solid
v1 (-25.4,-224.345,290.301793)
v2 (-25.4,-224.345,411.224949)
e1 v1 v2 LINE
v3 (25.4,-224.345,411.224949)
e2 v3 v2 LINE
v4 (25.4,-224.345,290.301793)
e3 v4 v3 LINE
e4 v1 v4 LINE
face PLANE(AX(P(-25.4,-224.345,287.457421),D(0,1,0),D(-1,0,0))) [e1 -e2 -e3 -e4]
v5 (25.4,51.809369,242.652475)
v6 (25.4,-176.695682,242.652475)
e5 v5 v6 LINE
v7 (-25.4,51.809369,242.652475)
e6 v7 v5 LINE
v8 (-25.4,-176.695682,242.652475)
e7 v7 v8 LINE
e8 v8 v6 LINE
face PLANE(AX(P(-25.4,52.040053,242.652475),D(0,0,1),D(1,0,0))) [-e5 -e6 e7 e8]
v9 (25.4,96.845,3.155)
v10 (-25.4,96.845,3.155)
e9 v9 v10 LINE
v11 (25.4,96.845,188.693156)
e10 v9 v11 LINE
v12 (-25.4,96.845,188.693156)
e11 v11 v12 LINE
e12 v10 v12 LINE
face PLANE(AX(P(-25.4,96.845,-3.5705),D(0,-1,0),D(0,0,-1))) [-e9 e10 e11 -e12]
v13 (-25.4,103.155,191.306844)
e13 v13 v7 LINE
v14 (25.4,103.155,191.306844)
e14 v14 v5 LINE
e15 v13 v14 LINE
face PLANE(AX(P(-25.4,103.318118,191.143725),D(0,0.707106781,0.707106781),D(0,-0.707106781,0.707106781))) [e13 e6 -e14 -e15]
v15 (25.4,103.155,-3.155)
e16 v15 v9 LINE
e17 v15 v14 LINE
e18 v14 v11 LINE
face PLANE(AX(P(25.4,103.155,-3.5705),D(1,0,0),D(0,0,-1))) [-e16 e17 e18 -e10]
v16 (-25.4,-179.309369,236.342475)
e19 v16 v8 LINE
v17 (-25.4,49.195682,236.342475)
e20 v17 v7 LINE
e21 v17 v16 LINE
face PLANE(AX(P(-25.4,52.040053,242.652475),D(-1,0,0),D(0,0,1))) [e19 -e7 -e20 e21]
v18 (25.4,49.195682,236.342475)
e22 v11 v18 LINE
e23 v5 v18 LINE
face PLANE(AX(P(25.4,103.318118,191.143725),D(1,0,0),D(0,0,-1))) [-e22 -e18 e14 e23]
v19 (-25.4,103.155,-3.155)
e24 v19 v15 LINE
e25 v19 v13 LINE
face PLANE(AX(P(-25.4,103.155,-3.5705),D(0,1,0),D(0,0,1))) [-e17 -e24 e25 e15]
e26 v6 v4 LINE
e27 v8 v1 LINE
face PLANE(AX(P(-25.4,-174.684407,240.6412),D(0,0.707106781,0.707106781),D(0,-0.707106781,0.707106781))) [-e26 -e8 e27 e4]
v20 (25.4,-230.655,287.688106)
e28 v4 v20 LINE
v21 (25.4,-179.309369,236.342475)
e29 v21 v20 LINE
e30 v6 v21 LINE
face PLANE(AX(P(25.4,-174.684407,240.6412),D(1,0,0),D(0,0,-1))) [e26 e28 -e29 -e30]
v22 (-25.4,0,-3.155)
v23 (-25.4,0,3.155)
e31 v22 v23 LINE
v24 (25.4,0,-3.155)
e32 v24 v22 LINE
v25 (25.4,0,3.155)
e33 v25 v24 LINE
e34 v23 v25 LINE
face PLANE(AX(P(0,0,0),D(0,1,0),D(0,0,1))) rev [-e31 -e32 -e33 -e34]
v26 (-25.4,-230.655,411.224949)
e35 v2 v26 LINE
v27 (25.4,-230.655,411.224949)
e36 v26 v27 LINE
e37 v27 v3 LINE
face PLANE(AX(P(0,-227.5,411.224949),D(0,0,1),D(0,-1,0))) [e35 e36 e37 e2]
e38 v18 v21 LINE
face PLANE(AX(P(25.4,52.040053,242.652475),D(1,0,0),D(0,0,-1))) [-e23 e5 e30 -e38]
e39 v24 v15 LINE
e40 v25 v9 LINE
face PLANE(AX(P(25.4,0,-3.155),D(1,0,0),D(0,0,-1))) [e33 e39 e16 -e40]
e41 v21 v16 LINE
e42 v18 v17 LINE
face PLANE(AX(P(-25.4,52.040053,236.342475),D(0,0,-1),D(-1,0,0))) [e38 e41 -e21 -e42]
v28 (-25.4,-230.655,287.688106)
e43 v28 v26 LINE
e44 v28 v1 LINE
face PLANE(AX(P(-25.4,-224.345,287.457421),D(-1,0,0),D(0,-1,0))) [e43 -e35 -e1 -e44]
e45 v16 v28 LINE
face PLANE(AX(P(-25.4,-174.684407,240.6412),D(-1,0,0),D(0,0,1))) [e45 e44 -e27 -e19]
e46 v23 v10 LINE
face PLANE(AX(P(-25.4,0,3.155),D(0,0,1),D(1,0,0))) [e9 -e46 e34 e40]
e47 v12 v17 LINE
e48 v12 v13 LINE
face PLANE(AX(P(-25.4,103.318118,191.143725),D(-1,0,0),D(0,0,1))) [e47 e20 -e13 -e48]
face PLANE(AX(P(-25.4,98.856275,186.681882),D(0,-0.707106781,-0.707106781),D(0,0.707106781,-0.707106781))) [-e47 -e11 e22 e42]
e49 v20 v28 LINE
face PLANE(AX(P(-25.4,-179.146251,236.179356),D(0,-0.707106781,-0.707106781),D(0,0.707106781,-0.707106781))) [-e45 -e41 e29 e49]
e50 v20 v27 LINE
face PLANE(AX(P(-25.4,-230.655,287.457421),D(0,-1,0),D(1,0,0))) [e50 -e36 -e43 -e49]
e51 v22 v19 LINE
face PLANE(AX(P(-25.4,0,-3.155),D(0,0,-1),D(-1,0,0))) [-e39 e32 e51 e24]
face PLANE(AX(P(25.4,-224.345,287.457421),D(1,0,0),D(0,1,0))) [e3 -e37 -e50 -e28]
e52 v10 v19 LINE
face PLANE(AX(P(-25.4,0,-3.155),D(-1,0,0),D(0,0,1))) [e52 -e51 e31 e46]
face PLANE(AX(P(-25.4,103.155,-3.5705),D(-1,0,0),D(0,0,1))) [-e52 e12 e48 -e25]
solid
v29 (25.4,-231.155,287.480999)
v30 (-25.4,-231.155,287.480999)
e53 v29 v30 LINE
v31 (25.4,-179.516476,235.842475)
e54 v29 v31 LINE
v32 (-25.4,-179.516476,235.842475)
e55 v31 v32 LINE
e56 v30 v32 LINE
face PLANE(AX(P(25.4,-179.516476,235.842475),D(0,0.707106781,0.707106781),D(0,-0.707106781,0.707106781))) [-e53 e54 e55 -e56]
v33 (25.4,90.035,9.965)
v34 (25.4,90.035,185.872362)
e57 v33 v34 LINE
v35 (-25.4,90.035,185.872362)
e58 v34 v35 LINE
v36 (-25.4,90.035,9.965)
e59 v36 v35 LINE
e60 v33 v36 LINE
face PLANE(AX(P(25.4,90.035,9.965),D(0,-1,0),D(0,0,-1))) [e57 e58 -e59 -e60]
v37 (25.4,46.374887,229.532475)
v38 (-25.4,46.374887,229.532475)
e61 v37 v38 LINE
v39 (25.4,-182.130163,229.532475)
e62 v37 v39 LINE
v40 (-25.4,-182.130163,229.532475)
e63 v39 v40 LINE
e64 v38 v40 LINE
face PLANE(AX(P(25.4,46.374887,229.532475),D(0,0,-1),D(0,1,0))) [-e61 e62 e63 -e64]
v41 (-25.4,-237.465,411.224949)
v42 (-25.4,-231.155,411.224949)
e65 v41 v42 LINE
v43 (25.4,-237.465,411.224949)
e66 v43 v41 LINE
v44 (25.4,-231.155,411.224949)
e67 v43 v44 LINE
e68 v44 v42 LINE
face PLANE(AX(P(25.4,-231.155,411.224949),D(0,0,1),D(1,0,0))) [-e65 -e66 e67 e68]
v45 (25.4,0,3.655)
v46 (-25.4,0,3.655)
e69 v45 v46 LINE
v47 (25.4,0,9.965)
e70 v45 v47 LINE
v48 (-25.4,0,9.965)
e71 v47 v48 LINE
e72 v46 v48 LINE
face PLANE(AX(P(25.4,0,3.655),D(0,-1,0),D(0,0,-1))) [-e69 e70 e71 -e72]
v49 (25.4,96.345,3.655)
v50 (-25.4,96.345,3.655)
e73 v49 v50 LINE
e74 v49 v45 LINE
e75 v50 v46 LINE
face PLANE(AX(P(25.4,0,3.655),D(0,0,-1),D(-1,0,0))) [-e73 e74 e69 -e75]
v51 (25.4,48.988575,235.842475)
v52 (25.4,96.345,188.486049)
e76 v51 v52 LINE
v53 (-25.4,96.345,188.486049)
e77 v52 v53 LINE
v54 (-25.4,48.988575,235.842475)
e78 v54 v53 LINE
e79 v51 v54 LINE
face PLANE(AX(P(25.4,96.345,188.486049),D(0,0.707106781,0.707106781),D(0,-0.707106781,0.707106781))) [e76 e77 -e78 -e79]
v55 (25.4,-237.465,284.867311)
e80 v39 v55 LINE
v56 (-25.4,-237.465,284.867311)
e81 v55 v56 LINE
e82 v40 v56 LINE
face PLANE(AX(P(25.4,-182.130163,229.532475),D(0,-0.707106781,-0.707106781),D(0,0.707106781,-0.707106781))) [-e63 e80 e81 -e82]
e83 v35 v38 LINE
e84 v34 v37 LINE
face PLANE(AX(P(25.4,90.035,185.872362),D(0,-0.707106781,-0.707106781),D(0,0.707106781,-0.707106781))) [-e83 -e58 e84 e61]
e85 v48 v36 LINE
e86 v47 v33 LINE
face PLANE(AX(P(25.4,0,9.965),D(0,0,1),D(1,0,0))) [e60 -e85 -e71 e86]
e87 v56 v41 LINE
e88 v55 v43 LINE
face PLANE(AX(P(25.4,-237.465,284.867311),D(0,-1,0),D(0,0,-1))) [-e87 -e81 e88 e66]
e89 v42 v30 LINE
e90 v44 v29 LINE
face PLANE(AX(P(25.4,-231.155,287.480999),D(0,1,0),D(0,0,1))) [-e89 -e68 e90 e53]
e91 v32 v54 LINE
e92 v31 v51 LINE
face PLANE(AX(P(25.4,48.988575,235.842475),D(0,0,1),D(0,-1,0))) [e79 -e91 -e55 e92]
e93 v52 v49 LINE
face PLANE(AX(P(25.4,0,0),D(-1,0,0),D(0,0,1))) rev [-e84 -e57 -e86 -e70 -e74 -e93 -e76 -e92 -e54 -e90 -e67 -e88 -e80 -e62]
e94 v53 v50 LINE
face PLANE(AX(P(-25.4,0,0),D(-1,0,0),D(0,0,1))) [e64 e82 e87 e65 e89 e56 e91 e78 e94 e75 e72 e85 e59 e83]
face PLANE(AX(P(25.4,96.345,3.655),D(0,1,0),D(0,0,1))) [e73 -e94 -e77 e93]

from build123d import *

# Parameters (mm, degrees)
CROQUIS1_W              = 50.8
CROQUIS1_H              = 6.31
SALIENTE_EXTRUIR1_DEPTH = 50.8


with BuildPart() as part:
    # Barrer1: sweep along a curve in space
    with BuildLine() as barrer1_path:
        Line((0, 0, 0), (0, 100, 0))
        Line((0, 100, 0), (0, 100, 190))
        Line((0, 100, 190), (0, 50.502525317, 239.497474683))
        Line((0, 50.502525317, 239.497474683), (0, -178.002525317, 239.497474683))
        Line((0, -178.002525317, 239.497474683), (0, -227.5, 288.994949366))
        Line((0, -227.5, 288.994949366), (0, -227.5, 411.224949366))
    # Croquis1 → Barrer1 (sweep)
    with BuildSketch(Plane(origin=(0, 0, 0), x_dir=(1, 0, 0), z_dir=(0, 1, 0))):
        Rectangle(CROQUIS1_W, CROQUIS1_H)
    sweep(path=barrer1_path.line, transition=Transition.RIGHT)


with BuildPart() as body_2:
    # Croquis2 → Saliente-Extruir1 (new body)
    with BuildSketch(Plane.ZY.offset(25.4)):
        Polygon((3.655, 0), (3.655, 96.345), (188.48604943, 96.345), (235.842474683, 48.988574746), (235.842474683, -179.516475887), (287.480998796, -231.155), (411.224949366, -231.155), (411.224949366, -237.465), (284.867311217, -237.465), (229.532474683, -182.130163466), (229.532474683, 46.374887168), (185.872361851, 90.035), (9.965, 90.035), (9.965, 0), align=None)
    extrude(amount=-SALIENTE_EXTRUIR1_DEPTH)


solid = Compound([part.part, body_2.part])
